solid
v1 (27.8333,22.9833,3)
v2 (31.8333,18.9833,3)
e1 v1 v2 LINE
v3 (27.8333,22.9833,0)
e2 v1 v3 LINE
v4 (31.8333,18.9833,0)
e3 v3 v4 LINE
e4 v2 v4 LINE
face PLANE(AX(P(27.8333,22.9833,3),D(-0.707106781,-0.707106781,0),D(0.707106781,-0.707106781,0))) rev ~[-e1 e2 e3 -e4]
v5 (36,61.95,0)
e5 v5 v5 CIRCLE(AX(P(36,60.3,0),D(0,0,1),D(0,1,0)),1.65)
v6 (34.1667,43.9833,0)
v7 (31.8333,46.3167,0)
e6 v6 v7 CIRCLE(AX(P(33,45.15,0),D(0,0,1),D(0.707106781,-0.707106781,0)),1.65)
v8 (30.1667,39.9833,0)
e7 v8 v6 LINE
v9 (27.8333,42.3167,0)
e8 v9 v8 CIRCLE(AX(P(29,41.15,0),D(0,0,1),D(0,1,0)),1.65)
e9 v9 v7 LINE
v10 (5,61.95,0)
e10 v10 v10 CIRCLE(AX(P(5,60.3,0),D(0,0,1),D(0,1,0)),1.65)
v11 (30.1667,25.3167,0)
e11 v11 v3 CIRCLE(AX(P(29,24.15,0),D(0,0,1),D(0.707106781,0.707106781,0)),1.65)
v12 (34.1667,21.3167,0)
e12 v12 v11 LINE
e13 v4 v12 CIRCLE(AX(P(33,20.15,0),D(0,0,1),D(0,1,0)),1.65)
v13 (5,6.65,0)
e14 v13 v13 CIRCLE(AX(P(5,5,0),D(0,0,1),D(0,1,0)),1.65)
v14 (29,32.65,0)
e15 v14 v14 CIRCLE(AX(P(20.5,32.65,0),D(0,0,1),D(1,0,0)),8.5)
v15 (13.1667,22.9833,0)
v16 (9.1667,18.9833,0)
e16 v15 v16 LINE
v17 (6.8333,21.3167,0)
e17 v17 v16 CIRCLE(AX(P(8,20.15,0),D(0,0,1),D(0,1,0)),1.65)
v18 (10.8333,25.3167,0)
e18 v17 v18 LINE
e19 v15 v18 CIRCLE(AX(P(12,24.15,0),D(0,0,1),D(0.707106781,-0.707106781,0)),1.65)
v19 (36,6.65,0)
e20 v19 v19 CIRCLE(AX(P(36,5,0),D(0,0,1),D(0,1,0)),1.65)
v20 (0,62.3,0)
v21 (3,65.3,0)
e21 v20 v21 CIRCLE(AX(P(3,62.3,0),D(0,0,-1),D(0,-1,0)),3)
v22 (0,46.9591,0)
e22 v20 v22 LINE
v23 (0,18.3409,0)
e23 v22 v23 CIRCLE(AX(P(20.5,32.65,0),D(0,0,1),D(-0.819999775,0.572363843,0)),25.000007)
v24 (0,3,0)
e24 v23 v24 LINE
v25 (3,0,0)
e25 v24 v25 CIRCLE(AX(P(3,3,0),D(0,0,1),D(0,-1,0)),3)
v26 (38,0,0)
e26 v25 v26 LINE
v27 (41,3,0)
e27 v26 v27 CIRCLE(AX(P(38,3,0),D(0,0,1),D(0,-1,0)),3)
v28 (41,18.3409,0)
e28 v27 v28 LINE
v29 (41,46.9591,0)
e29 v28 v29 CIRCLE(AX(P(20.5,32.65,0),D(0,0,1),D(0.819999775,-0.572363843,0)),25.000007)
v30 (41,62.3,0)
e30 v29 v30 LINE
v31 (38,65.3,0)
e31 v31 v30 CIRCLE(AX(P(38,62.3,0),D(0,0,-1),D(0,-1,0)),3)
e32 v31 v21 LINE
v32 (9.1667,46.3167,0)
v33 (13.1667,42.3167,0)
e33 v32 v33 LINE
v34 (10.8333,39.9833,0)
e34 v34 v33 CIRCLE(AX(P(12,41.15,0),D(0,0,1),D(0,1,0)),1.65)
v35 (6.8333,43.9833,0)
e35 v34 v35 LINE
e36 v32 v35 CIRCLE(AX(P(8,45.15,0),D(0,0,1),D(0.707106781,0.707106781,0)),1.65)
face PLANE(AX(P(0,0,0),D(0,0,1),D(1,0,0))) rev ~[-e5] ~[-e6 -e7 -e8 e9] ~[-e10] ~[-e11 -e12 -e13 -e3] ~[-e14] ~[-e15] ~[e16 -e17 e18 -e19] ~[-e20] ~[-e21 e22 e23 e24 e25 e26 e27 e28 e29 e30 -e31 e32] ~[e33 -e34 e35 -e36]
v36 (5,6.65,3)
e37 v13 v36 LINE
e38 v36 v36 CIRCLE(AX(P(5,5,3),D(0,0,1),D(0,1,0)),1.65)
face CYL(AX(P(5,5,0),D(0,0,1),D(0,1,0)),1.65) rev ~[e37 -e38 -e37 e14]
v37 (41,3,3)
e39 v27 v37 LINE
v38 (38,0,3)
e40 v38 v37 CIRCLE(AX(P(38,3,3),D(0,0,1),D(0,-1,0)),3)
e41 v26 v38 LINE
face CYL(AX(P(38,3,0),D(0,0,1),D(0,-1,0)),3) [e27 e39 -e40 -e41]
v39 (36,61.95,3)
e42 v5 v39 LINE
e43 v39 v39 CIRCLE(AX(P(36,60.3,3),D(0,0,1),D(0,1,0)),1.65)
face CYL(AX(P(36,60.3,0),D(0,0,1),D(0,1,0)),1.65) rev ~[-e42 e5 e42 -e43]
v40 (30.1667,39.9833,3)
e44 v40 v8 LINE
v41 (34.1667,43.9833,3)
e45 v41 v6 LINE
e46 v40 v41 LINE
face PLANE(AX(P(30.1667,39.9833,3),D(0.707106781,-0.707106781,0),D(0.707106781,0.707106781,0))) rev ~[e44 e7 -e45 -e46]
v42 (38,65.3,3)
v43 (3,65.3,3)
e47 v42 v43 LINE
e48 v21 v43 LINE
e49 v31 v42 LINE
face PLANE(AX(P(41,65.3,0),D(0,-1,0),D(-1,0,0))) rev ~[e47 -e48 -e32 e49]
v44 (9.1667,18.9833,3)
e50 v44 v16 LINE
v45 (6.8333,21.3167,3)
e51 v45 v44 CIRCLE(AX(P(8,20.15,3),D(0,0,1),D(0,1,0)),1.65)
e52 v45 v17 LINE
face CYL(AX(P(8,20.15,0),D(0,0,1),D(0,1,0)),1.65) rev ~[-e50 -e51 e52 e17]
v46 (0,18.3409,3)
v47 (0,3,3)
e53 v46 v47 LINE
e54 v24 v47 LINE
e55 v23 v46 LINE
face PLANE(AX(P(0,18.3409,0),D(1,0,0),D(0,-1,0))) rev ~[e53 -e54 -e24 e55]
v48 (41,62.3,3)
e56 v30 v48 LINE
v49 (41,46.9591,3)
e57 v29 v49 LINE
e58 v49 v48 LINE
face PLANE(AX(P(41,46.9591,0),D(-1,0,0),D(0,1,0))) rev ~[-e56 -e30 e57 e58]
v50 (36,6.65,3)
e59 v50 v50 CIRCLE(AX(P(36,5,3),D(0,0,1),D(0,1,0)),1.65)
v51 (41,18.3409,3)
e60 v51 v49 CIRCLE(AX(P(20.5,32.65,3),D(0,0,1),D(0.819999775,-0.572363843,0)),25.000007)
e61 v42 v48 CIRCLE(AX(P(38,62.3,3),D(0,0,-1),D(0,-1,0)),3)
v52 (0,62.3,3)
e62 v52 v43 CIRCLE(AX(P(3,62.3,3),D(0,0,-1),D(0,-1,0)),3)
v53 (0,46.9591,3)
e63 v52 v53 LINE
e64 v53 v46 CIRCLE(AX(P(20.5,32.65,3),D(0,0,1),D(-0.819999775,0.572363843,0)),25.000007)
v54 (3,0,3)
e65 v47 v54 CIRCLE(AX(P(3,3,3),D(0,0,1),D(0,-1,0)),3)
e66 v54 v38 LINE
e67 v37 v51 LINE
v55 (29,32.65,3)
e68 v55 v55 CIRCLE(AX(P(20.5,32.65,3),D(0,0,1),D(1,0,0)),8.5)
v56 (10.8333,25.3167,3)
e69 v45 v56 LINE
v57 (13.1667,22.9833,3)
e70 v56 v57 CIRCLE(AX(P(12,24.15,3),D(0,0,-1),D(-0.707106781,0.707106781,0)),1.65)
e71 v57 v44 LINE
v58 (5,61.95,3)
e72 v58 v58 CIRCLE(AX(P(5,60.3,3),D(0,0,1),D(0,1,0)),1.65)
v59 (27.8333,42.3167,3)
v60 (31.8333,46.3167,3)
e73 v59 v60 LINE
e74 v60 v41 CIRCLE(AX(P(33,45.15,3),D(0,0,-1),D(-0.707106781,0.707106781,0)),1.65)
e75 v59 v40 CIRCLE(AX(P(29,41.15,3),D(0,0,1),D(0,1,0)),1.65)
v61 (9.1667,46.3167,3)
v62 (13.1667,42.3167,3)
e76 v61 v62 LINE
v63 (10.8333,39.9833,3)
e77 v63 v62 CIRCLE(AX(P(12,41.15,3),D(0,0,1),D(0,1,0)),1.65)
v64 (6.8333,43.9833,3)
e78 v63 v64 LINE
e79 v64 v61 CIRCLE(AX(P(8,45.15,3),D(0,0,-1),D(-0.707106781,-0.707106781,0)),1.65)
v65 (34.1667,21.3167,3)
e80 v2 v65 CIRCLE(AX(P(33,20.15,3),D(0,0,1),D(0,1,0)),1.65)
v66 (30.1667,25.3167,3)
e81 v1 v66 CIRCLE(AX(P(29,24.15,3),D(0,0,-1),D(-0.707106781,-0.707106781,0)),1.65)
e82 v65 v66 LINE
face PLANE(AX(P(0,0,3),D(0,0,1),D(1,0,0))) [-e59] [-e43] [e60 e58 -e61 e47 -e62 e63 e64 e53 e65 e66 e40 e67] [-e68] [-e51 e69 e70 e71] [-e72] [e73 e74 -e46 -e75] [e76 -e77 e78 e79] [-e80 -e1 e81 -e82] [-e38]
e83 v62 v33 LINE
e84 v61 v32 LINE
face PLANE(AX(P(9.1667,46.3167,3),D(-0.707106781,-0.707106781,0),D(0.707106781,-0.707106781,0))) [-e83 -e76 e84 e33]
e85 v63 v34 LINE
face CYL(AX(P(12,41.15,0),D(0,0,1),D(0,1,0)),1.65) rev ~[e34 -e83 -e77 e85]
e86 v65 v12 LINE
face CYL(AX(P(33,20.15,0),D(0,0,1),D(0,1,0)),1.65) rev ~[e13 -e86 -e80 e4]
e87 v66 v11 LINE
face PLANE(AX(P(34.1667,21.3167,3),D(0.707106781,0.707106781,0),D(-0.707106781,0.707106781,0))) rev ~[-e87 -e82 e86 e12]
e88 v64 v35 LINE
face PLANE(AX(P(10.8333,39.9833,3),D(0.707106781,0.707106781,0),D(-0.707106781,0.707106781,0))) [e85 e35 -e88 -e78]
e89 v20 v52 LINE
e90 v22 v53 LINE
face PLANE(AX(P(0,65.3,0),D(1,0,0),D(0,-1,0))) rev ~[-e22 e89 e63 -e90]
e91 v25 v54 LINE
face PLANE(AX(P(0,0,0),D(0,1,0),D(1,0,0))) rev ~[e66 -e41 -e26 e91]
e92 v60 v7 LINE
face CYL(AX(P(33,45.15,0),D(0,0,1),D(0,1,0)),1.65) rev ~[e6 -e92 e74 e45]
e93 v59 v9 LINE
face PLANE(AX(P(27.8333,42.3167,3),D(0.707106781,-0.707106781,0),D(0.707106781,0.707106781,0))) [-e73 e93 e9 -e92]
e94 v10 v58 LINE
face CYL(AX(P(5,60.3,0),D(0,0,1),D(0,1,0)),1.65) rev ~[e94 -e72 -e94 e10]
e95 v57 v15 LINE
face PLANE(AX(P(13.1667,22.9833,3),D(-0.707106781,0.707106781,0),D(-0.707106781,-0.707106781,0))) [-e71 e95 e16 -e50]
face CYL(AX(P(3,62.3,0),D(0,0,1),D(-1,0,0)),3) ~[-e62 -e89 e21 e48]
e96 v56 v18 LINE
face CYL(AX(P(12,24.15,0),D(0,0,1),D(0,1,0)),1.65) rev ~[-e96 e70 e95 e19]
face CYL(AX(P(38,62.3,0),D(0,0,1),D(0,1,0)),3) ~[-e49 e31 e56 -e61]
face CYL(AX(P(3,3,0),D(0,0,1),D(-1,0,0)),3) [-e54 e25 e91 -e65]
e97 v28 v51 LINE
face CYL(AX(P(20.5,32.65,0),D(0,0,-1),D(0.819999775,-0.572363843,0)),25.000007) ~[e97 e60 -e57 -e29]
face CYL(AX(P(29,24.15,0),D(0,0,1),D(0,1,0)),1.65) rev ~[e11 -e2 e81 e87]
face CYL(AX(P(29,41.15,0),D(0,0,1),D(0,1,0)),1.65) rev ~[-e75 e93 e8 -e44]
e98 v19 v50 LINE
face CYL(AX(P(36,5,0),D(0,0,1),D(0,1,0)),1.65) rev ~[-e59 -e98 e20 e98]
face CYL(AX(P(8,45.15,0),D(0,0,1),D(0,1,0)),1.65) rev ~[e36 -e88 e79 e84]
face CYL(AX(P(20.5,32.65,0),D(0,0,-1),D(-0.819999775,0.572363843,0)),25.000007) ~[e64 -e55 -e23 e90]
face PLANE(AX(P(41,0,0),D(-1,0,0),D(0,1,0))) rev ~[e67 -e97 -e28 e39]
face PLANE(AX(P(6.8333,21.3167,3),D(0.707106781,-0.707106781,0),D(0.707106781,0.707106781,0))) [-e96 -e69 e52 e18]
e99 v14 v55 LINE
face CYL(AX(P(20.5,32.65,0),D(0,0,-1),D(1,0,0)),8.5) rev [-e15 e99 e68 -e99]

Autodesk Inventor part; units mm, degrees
ref_plane "YZ Plane" through (0, 0, 0) normal (1, 0, 0) x (0, 1, 0)
ref_plane "XZ Plane" through (0, 0, 0) normal (0, 1, 0) x (-1, 0, 0)
ref_plane "XY Plane" through (0, 0, 0) normal (0, 0, 1) x (1, 0, 0)
sketch "Sketch1" plane through (0, 0, 0) normal (0, 0, 1) x (1, 0, 0)
  line L0 (0, 0) -> (41, 0) construction
  line L1 (41, 0) -> (41, 65.3) construction
  line L2 (41, 65.3) -> (0, 65.3) construction
  circle A0 centre (20.5, 32.65) radius 8.5
  line L3 (0, 0) -> (41, 0)
  line L4 (41, 65.3) -> (0, 65.3)
  line L5 (20.5, 65.3) -> (20.5, 0) construction
  line L6 (0, 32.65) -> (41, 32.65) construction
  line L7 (0, 65.3) -> (0, 46.9591) construction
  line L8 (0, 18.3409) -> (0, 0) construction
  line L9 (0, 65.3) -> (0, 46.9591)
  line L10 (0, 18.3409) -> (0, 0)
  line L11 (41, 0) -> (41, 18.3409)
  line L12 (41, 46.9591) -> (41, 65.3)
  arc A1 (0, 46.9591) -> (0, 18.3409) centre (20.5, 32.65) ccw
  arc A2 (41, 18.3409) -> (41, 46.9591) centre (20.5, 32.65) ccw
  point P0 (5, 60.3)
  point P1 (36, 60.3)
  point P2 (5, 5)
  point P3 (36, 5)
  point P4 (12, 41.15)
  point P5 (8, 45.15)
  point P6 (29, 41.15)
  point P7 (33, 45.15)
  point P8 (29, 24.15)
  point P9 (12, 24.15)
  point P10 (8, 20.15)
  point P11 (33, 20.15)
  dimension "d3" = 17
  dimension "d5" = 5
  dimension "d6" = 5
  dimension "d7" = 5
  dimension "d10" = 12.5
  dimension "d11" = 25
  dimension "d12" = 25
  dimension "d13" = 17
  dimension "d14" = 17
  dimension "d15" = 8.5
  dimension "d16" = 24.15
  dimension "d17" = 20.15
  dimension "d18" = 32.65
  dimension "d20" = 41
  dimension "d22" = 65.3
  dimension "d23" = 5
  dimension "d25" = 41
  dimension "d26" = 5
  dimension "d27" = 16.5
extrude "Extrusion1" add sketch "Sketch1" along normal blind 3
sketch "Sketch2" plane through (0, 0, 0) normal (0, 0, 1) x (1, 0, 0)
  line L0 (0, 0) -> (41, 0) construction
  line L1 (41, 0) -> (41, 65.3) construction
  line L2 (41, 65.3) -> (0, 65.3) construction
  circle A0 centre (20.5, 32.65) radius 8.5
  line L3 (0, 0) -> (41, 0)
  line L4 (41, 65.3) -> (0, 65.3)
  line L5 (20.5, 65.3) -> (20.5, 0) construction
  line L6 (0, 32.65) -> (41, 32.65) construction
  line L7 (0, 65.3) -> (0, 46.9591) construction
  line L8 (0, 18.3409) -> (0, 0) construction
  line L9 (0, 65.3) -> (0, 46.9591)
  line L10 (0, 18.3409) -> (0, 0)
  line L11 (41, 0) -> (41, 18.3409)
  line L12 (41, 46.9591) -> (41, 65.3)
  arc A1 (0, 46.9591) -> (0, 18.3409) centre (20.5, 32.65) ccw
  arc A2 (41, 18.3409) -> (41, 46.9591) centre (20.5, 32.65) ccw
  point P0 (5, 60.3)
  point P1 (36, 60.3)
  point P2 (5, 5)
  point P3 (36, 5)
  point P4 (12, 41.15)
  point P5 (8, 45.15)
  point P6 (29, 41.15)
  point P7 (33, 45.15)
  point P8 (29, 24.15)
  point P9 (12, 24.15)
  point P10 (8, 20.15)
  point P11 (33, 20.15)
  dimension "d30" = 17
  dimension "d31" = 5
  dimension "d32" = 5
  dimension "d33" = 5
  dimension "d34" = 12.5
  dimension "d35" = 25
  dimension "d36" = 25
  dimension "d37" = 17
  dimension "d38" = 17
  dimension "d39" = 8.5
  dimension "d40" = 24.15
  dimension "d41" = 20.15
  dimension "d42" = 32.65
  dimension "d43" = 41
  dimension "d44" = 65.3
  dimension "d45" = 5
  dimension "d46" = 41
  dimension "d47" = 5
  dimension "d48" = 16.5
hole "Hole1" at (5, 60.3, 0) at (36, 60.3, 0) at (5, 5, 0) at (36, 5, 0) at (12, 41.15, 0) at (8, 45.15, 0) at (29, 41.15, 0) at (33, 45.15, 0) at (29, 24.15, 0) at (12, 24.15, 0) at (8, 20.15, 0) at (33, 20.15, 0) direction (0, 0, 1) diameter 3.3 end through all
sketch "Sketch3" plane through (0, 0, 3) normal (0, 0, 1) x (1, 0, 0)
  circle A0 centre (8, 45.15) radius 1.65 projected
  line L0 (9.1667, 46.3167) -> (13.1667, 42.3167)
  circle A1 centre (12, 41.15) radius 1.65 projected
  circle A2 centre (33, 20.15) radius 1.65 projected
  circle A3 centre (29, 24.15) radius 1.65 projected
  circle A4 centre (33, 20.15) radius 1.65 projected
  circle A5 centre (29, 24.15) radius 1.65 projected
  line L1 (10.8333, 39.9833) -> (6.8333, 43.9833)
  circle A6 centre (33, 45.15) radius 1.65 projected
  circle A7 centre (29, 41.15) radius 1.65 projected
  circle A8 centre (33, 45.15) radius 1.65 projected
  circle A9 centre (8, 20.15) radius 1.65 projected
  line L2 (6.8333, 21.3167) -> (10.8333, 25.3167)
  line L3 (13.1667, 22.9833) -> (9.1667, 18.9833)
  circle A10 centre (12, 24.15) radius 1.65 projected
  line L4 (27.8333, 42.3167) -> (31.8333, 46.3167)
  line L5 (30.1667, 39.9833) -> (34.1667, 43.9833)
  line L6 (27.8333, 22.9833) -> (31.8333, 18.9833)
  line L7 (34.1667, 21.3167) -> (30.1667, 25.3167)
  point P0 (0, 0)
extrude "Extrusion2" cut sketch "Sketch3" against normal blind 3 contours A0 L0 A1 L1 | A2 L6 A3 L7 | A6 L5 A7 L4 | A9 L2 A10 L3
fillet "Fillet1" radius 3 4 edges at (41, 65.3, 1.5) (0, 65.3, 1.5) (0, 0, 1.5) (41, 0, 1.5)
sketch "Sketch4" plane through (0, 0, 3) normal (0, 0, 1) x (1, 0, 0)
  line L0 (13.1667, 22.9833) -> (9.1667, 18.9833) projected
  arc A0 (6.8333, 21.3167) -> (9.1667, 18.9833) centre (8, 20.15) ccw projected
  line L1 (6.8333, 21.3167) -> (10.8333, 25.3167) projected
  arc A1 (13.1667, 22.9833) -> (10.8333, 25.3167) centre (12, 24.15) ccw projected
  line L2 (31.8333, 18.9833) -> (27.8333, 22.9833) projected
  arc A2 (30.1667, 25.3167) -> (27.8333, 22.9833) centre (29, 24.15) ccw projected
  line L3 (30.1667, 25.3167) -> (34.1667, 21.3167) projected
  arc A3 (31.8333, 18.9833) -> (34.1667, 21.3167) centre (33, 20.15) ccw projected
  line L4 (34.1667, 43.9833) -> (30.1667, 39.9833) projected
  arc A4 (27.8333, 42.3167) -> (30.1667, 39.9833) centre (29, 41.15) ccw projected
  line L5 (27.8333, 42.3167) -> (31.8333, 46.3167) projected
  arc A5 (34.1667, 43.9833) -> (31.8333, 46.3167) centre (33, 45.15) ccw projected
  circle A6 centre (5, 5) radius 1.65 projected
  circle A7 centre (5, 60.3) radius 1.65 projected
  circle A8 centre (36, 60.3) radius 1.65 projected
  circle A9 centre (36, 5) radius 1.65 projected
  line L6 (10.8333, 39.9833) -> (6.8333, 43.9833) projected
  arc A10 (9.1667, 46.3167) -> (6.8333, 43.9833) centre (8, 45.15) ccw projected
  line L7 (9.1667, 46.3167) -> (13.1667, 42.3167) projected
  arc A11 (10.8333, 39.9833) -> (13.1667, 42.3167) centre (12, 41.15) ccw projected
  circle A12 centre (20.5, 32.65) radius 8.5 projected
  arc A13 (38, 0) -> (41, 3) centre (38, 3) ccw projected
  line L8 (41, 3) -> (41, 18.3409) projected
  arc A14 (41, 18.3409) -> (41, 46.9591) centre (20.5, 32.65) ccw projected
  line L9 (41, 46.9591) -> (41, 62.3) projected
  arc A15 (41, 62.3) -> (38, 65.3) centre (38, 62.3) ccw projected
  line L10 (38, 65.3) -> (3, 65.3) projected
  arc A16 (3, 65.3) -> (0, 62.3) centre (3, 62.3) ccw projected
  line L11 (0, 62.3) -> (0, 46.9591) projected
  arc A17 (0, 46.9591) -> (0, 18.3409) centre (20.5, 32.65) ccw projected
  line L12 (0, 18.3409) -> (0, 3) projected
  arc A18 (0, 3) -> (3, 0) centre (3, 3) ccw projected
  line L13 (3, 0) -> (38, 0) projected
  point P0 (0, 0)
properties part number "TapaSuperior"
